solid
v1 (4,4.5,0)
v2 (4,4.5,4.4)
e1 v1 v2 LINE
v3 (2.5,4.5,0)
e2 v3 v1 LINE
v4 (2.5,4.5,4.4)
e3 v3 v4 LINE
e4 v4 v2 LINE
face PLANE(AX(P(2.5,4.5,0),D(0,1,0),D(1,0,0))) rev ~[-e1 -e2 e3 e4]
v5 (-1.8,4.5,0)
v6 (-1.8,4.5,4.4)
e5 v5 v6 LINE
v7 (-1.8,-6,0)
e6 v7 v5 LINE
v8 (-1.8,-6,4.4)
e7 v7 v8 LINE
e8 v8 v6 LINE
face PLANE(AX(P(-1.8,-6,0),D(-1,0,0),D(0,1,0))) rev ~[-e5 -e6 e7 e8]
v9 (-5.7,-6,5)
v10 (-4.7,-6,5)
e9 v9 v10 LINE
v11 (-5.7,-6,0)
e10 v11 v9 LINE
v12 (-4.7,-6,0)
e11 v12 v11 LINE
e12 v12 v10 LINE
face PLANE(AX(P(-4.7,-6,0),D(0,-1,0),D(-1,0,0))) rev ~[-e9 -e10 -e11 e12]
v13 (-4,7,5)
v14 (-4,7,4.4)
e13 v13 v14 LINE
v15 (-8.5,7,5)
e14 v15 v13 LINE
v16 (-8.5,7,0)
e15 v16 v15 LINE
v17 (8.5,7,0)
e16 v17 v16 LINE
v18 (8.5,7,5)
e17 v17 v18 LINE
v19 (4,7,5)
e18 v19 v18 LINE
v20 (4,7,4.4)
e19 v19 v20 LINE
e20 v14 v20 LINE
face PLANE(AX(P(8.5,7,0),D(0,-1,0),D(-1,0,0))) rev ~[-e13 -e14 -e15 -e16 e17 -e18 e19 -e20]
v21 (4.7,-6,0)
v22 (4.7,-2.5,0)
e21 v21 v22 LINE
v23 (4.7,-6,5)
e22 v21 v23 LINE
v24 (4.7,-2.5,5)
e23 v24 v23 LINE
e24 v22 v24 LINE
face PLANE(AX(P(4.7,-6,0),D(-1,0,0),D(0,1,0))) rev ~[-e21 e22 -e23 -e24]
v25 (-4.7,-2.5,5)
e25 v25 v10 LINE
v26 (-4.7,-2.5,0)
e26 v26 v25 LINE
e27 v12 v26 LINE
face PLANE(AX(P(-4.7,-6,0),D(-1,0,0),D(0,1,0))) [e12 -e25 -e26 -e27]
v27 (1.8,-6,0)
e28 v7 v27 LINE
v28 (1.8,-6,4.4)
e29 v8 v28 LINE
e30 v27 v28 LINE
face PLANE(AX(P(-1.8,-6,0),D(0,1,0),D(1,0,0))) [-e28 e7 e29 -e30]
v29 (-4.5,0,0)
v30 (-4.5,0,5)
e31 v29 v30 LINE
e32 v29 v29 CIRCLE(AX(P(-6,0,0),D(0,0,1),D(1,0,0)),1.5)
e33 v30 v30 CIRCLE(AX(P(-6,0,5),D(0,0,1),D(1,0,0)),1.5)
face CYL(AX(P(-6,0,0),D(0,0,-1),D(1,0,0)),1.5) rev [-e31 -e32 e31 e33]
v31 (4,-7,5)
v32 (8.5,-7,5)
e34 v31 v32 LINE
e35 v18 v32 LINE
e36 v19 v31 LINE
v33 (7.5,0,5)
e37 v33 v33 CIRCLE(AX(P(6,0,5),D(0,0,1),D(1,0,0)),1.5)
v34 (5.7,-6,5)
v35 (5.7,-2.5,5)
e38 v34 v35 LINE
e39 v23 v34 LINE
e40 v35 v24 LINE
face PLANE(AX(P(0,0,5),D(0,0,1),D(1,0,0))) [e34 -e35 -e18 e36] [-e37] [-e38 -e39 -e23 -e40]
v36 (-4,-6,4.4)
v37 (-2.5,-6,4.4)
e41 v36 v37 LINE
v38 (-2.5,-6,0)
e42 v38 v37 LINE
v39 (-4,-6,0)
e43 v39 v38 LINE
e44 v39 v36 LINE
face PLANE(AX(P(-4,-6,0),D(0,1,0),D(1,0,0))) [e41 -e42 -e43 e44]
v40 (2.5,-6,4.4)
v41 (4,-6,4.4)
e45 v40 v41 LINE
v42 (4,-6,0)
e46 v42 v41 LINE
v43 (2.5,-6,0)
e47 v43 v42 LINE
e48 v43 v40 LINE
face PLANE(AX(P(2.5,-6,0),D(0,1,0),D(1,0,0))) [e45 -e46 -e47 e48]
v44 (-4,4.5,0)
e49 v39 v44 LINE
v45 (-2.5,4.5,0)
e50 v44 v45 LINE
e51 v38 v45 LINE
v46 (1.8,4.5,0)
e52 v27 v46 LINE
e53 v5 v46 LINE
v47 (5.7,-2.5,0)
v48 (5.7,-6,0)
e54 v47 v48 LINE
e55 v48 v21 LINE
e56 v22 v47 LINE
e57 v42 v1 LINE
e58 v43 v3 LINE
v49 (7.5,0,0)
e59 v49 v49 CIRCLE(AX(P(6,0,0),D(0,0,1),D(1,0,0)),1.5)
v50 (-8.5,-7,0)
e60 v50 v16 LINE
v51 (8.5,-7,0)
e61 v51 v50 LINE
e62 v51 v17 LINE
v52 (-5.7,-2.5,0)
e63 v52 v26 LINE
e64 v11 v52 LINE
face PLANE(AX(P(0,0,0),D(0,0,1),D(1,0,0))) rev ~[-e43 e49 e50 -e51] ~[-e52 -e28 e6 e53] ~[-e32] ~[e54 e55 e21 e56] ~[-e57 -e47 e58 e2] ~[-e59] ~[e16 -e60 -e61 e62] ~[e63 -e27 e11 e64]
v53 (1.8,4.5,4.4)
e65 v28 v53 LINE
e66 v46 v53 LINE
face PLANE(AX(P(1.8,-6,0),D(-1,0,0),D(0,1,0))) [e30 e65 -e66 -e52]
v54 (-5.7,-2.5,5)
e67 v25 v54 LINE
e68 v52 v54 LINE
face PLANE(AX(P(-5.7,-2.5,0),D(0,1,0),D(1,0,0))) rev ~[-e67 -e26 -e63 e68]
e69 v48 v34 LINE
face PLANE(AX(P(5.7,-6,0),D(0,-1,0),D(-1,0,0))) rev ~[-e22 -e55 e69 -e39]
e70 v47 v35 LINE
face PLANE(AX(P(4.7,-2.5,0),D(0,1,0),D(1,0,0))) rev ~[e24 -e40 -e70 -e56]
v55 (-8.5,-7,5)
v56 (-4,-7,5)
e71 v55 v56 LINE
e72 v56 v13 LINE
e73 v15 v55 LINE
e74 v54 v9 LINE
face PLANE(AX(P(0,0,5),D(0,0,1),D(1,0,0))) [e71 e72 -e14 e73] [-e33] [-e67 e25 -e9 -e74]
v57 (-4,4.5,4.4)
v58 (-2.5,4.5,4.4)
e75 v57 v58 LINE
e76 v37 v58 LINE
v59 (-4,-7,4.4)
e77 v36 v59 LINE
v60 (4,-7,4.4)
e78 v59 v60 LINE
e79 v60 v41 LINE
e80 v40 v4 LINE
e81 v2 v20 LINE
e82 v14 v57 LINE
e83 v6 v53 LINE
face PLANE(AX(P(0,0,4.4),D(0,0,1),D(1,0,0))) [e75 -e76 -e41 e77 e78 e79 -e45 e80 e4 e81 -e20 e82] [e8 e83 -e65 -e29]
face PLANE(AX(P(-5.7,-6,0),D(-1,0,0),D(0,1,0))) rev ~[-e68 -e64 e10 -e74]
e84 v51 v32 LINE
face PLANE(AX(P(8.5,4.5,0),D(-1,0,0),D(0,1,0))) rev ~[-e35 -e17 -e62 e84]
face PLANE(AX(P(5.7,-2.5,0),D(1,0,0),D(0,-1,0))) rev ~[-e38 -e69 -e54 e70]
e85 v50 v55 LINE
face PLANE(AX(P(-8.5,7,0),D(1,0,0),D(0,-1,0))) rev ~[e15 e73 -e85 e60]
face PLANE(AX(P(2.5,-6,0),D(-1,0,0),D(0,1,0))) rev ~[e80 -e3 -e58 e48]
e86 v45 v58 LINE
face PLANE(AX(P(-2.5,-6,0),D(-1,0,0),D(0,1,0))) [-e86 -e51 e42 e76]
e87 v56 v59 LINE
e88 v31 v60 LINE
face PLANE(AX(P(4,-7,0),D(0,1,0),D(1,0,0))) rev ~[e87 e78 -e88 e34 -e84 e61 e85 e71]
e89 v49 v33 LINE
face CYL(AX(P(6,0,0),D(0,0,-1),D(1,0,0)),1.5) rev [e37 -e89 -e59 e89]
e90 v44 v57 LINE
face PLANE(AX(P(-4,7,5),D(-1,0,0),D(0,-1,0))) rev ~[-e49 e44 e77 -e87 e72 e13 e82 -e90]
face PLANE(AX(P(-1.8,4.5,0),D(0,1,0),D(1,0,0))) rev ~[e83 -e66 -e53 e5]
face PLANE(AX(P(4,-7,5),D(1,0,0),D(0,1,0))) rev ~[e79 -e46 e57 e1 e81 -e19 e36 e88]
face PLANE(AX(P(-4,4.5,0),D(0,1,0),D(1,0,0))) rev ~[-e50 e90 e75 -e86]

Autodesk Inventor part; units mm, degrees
ref_plane "YZ Plane" through (0, 0, 0) normal (1, 0, 0) x (0, 1, 0)
ref_plane "XZ Plane" through (0, 0, 0) normal (0, 1, 0) x (-1, 0, 0)
ref_plane "XY Plane" through (0, 0, 0) normal (0, 0, 1) x (1, 0, 0)
sketch "スケッチ1" plane through (0, 0, 0) normal (0, 0, 1) x (1, 0, 0)
  line L0 (8.5, 7) -> (-8.5, 7)
  line L1 (-8.5, 7) -> (-8.5, -7)
  line L2 (-8.5, -7) -> (8.5, -7)
  line L3 (8.5, -7) -> (8.5, 7)
  line L4 (8.5, 7) -> (-8.5, -7) construction
  line L5 (-8.5, 7) -> (8.5, -7) construction
  circle A0 centre (-6, 0) radius 1.5
  circle A1 centre (6, 0) radius 1.5
  line L6 (-8.5, -6) -> (8.5, -6)
  line L7 (-8.5, 4.5) -> (8.5, 4.5)
  line L8 (-4, -7) -> (-4, 7)
  line L9 (4, -7) -> (4, 7)
  line L10 (2.5, -6) -> (2.5, 4.5)
  line L11 (-2.5, -6) -> (-2.5, 4.5)
  line L12 (1.8, -6) -> (1.8, 4.5)
  line L13 (-1.8, -6) -> (-1.8, 4.5)
  point P0 (0, 0)
  point P1 (-4, -6)
  point P2 (-4, 4.5)
  point P3 (4, -6)
  point P4 (4, 4.5)
  dimension "d0" = 17
  dimension "d1" = 14
  dimension "d2" = 3
  dimension "d3" = 3
  dimension "d4" = 2.5
  dimension "d5" = 4.5
  dimension "d6" = 4.5
  dimension "d7" = 1.5
  dimension "d8" = 1.5
  dimension "d9" = 1
  dimension "d16" = 0.7
  dimension "d17" = 0.7
extrude "押し出し1" add sketch "スケッチ1" along normal blind 5 contours L3 L7 L9 L0 | L9 L7 L8 L0 | L3 L6 L9 L7 | L8 L7 L1 L0 | L3 L2 L9 L6 | L8 L6 L1 L7 | L10 L6 L12 L7 | L9 L2 L8 L6 | L7 L13 L6 L11 | L8 L2 L1 L6
sketch "スケッチ2" plane through (0, 0, 5) normal (0, 0, 1) x (1, 0, 0)
  line L0 (8.5, 7) -> (-8.5, 7) projected
  line L1 (0, 7) -> (-4, 7)
  line L2 (-4, 7) -> (-4, -7)
  line L3 (-8.5, -7) -> (8.5, -7) projected
  line L4 (-4, -7) -> (4, -7)
  line L5 (4, -7) -> (4, 7)
  line L6 (4, 7) -> (0, 7)
  point P0 (0, 0)
  dimension "d12" = 4
  dimension "d13" = 8
extrude "押し出し2" cut sketch "スケッチ2" against normal blind 0.6
sketch "スケッチ3" plane through (0, 0, 0) normal (0, 0, -1) x (-1, 0, 0)
  line L0 (4.7, -6) -> (4.7, -2.5)
  line L1 (4, -6) -> (4, 4.5) projected
  line L2 (4.7, -6) -> (5.7, -6)
  line L3 (5.7, -6) -> (5.7, -2.5)
  line L4 (5.7, -2.5) -> (4.7, -2.5)
  line L5 (-4.7, -6) -> (-4.7, -2.5)
  line L6 (-4.7, -2.5) -> (-5.7, -2.5)
  line L7 (-5.7, -2.5) -> (-5.7, -6)
  line L8 (-5.7, -6) -> (-4.7, -6)
  line L9 (8.5, -7) -> (-8.5, -7) projected
  point P0 (0, 0)
  point P1 (5.2, -6)
  dimension "d18" = 3.5
  dimension "d19" = 0.7
  dimension "d20" = 1
  dimension "d21" = 1
  dimension "d24" = 1
  dimension "d25" = 1
  dimension "d26" = 3.5
extrude "押し出し3" cut sketch "スケッチ3" against normal blind 10
properties part number "greiper_TPU" material "ゴム、シリコーン"
